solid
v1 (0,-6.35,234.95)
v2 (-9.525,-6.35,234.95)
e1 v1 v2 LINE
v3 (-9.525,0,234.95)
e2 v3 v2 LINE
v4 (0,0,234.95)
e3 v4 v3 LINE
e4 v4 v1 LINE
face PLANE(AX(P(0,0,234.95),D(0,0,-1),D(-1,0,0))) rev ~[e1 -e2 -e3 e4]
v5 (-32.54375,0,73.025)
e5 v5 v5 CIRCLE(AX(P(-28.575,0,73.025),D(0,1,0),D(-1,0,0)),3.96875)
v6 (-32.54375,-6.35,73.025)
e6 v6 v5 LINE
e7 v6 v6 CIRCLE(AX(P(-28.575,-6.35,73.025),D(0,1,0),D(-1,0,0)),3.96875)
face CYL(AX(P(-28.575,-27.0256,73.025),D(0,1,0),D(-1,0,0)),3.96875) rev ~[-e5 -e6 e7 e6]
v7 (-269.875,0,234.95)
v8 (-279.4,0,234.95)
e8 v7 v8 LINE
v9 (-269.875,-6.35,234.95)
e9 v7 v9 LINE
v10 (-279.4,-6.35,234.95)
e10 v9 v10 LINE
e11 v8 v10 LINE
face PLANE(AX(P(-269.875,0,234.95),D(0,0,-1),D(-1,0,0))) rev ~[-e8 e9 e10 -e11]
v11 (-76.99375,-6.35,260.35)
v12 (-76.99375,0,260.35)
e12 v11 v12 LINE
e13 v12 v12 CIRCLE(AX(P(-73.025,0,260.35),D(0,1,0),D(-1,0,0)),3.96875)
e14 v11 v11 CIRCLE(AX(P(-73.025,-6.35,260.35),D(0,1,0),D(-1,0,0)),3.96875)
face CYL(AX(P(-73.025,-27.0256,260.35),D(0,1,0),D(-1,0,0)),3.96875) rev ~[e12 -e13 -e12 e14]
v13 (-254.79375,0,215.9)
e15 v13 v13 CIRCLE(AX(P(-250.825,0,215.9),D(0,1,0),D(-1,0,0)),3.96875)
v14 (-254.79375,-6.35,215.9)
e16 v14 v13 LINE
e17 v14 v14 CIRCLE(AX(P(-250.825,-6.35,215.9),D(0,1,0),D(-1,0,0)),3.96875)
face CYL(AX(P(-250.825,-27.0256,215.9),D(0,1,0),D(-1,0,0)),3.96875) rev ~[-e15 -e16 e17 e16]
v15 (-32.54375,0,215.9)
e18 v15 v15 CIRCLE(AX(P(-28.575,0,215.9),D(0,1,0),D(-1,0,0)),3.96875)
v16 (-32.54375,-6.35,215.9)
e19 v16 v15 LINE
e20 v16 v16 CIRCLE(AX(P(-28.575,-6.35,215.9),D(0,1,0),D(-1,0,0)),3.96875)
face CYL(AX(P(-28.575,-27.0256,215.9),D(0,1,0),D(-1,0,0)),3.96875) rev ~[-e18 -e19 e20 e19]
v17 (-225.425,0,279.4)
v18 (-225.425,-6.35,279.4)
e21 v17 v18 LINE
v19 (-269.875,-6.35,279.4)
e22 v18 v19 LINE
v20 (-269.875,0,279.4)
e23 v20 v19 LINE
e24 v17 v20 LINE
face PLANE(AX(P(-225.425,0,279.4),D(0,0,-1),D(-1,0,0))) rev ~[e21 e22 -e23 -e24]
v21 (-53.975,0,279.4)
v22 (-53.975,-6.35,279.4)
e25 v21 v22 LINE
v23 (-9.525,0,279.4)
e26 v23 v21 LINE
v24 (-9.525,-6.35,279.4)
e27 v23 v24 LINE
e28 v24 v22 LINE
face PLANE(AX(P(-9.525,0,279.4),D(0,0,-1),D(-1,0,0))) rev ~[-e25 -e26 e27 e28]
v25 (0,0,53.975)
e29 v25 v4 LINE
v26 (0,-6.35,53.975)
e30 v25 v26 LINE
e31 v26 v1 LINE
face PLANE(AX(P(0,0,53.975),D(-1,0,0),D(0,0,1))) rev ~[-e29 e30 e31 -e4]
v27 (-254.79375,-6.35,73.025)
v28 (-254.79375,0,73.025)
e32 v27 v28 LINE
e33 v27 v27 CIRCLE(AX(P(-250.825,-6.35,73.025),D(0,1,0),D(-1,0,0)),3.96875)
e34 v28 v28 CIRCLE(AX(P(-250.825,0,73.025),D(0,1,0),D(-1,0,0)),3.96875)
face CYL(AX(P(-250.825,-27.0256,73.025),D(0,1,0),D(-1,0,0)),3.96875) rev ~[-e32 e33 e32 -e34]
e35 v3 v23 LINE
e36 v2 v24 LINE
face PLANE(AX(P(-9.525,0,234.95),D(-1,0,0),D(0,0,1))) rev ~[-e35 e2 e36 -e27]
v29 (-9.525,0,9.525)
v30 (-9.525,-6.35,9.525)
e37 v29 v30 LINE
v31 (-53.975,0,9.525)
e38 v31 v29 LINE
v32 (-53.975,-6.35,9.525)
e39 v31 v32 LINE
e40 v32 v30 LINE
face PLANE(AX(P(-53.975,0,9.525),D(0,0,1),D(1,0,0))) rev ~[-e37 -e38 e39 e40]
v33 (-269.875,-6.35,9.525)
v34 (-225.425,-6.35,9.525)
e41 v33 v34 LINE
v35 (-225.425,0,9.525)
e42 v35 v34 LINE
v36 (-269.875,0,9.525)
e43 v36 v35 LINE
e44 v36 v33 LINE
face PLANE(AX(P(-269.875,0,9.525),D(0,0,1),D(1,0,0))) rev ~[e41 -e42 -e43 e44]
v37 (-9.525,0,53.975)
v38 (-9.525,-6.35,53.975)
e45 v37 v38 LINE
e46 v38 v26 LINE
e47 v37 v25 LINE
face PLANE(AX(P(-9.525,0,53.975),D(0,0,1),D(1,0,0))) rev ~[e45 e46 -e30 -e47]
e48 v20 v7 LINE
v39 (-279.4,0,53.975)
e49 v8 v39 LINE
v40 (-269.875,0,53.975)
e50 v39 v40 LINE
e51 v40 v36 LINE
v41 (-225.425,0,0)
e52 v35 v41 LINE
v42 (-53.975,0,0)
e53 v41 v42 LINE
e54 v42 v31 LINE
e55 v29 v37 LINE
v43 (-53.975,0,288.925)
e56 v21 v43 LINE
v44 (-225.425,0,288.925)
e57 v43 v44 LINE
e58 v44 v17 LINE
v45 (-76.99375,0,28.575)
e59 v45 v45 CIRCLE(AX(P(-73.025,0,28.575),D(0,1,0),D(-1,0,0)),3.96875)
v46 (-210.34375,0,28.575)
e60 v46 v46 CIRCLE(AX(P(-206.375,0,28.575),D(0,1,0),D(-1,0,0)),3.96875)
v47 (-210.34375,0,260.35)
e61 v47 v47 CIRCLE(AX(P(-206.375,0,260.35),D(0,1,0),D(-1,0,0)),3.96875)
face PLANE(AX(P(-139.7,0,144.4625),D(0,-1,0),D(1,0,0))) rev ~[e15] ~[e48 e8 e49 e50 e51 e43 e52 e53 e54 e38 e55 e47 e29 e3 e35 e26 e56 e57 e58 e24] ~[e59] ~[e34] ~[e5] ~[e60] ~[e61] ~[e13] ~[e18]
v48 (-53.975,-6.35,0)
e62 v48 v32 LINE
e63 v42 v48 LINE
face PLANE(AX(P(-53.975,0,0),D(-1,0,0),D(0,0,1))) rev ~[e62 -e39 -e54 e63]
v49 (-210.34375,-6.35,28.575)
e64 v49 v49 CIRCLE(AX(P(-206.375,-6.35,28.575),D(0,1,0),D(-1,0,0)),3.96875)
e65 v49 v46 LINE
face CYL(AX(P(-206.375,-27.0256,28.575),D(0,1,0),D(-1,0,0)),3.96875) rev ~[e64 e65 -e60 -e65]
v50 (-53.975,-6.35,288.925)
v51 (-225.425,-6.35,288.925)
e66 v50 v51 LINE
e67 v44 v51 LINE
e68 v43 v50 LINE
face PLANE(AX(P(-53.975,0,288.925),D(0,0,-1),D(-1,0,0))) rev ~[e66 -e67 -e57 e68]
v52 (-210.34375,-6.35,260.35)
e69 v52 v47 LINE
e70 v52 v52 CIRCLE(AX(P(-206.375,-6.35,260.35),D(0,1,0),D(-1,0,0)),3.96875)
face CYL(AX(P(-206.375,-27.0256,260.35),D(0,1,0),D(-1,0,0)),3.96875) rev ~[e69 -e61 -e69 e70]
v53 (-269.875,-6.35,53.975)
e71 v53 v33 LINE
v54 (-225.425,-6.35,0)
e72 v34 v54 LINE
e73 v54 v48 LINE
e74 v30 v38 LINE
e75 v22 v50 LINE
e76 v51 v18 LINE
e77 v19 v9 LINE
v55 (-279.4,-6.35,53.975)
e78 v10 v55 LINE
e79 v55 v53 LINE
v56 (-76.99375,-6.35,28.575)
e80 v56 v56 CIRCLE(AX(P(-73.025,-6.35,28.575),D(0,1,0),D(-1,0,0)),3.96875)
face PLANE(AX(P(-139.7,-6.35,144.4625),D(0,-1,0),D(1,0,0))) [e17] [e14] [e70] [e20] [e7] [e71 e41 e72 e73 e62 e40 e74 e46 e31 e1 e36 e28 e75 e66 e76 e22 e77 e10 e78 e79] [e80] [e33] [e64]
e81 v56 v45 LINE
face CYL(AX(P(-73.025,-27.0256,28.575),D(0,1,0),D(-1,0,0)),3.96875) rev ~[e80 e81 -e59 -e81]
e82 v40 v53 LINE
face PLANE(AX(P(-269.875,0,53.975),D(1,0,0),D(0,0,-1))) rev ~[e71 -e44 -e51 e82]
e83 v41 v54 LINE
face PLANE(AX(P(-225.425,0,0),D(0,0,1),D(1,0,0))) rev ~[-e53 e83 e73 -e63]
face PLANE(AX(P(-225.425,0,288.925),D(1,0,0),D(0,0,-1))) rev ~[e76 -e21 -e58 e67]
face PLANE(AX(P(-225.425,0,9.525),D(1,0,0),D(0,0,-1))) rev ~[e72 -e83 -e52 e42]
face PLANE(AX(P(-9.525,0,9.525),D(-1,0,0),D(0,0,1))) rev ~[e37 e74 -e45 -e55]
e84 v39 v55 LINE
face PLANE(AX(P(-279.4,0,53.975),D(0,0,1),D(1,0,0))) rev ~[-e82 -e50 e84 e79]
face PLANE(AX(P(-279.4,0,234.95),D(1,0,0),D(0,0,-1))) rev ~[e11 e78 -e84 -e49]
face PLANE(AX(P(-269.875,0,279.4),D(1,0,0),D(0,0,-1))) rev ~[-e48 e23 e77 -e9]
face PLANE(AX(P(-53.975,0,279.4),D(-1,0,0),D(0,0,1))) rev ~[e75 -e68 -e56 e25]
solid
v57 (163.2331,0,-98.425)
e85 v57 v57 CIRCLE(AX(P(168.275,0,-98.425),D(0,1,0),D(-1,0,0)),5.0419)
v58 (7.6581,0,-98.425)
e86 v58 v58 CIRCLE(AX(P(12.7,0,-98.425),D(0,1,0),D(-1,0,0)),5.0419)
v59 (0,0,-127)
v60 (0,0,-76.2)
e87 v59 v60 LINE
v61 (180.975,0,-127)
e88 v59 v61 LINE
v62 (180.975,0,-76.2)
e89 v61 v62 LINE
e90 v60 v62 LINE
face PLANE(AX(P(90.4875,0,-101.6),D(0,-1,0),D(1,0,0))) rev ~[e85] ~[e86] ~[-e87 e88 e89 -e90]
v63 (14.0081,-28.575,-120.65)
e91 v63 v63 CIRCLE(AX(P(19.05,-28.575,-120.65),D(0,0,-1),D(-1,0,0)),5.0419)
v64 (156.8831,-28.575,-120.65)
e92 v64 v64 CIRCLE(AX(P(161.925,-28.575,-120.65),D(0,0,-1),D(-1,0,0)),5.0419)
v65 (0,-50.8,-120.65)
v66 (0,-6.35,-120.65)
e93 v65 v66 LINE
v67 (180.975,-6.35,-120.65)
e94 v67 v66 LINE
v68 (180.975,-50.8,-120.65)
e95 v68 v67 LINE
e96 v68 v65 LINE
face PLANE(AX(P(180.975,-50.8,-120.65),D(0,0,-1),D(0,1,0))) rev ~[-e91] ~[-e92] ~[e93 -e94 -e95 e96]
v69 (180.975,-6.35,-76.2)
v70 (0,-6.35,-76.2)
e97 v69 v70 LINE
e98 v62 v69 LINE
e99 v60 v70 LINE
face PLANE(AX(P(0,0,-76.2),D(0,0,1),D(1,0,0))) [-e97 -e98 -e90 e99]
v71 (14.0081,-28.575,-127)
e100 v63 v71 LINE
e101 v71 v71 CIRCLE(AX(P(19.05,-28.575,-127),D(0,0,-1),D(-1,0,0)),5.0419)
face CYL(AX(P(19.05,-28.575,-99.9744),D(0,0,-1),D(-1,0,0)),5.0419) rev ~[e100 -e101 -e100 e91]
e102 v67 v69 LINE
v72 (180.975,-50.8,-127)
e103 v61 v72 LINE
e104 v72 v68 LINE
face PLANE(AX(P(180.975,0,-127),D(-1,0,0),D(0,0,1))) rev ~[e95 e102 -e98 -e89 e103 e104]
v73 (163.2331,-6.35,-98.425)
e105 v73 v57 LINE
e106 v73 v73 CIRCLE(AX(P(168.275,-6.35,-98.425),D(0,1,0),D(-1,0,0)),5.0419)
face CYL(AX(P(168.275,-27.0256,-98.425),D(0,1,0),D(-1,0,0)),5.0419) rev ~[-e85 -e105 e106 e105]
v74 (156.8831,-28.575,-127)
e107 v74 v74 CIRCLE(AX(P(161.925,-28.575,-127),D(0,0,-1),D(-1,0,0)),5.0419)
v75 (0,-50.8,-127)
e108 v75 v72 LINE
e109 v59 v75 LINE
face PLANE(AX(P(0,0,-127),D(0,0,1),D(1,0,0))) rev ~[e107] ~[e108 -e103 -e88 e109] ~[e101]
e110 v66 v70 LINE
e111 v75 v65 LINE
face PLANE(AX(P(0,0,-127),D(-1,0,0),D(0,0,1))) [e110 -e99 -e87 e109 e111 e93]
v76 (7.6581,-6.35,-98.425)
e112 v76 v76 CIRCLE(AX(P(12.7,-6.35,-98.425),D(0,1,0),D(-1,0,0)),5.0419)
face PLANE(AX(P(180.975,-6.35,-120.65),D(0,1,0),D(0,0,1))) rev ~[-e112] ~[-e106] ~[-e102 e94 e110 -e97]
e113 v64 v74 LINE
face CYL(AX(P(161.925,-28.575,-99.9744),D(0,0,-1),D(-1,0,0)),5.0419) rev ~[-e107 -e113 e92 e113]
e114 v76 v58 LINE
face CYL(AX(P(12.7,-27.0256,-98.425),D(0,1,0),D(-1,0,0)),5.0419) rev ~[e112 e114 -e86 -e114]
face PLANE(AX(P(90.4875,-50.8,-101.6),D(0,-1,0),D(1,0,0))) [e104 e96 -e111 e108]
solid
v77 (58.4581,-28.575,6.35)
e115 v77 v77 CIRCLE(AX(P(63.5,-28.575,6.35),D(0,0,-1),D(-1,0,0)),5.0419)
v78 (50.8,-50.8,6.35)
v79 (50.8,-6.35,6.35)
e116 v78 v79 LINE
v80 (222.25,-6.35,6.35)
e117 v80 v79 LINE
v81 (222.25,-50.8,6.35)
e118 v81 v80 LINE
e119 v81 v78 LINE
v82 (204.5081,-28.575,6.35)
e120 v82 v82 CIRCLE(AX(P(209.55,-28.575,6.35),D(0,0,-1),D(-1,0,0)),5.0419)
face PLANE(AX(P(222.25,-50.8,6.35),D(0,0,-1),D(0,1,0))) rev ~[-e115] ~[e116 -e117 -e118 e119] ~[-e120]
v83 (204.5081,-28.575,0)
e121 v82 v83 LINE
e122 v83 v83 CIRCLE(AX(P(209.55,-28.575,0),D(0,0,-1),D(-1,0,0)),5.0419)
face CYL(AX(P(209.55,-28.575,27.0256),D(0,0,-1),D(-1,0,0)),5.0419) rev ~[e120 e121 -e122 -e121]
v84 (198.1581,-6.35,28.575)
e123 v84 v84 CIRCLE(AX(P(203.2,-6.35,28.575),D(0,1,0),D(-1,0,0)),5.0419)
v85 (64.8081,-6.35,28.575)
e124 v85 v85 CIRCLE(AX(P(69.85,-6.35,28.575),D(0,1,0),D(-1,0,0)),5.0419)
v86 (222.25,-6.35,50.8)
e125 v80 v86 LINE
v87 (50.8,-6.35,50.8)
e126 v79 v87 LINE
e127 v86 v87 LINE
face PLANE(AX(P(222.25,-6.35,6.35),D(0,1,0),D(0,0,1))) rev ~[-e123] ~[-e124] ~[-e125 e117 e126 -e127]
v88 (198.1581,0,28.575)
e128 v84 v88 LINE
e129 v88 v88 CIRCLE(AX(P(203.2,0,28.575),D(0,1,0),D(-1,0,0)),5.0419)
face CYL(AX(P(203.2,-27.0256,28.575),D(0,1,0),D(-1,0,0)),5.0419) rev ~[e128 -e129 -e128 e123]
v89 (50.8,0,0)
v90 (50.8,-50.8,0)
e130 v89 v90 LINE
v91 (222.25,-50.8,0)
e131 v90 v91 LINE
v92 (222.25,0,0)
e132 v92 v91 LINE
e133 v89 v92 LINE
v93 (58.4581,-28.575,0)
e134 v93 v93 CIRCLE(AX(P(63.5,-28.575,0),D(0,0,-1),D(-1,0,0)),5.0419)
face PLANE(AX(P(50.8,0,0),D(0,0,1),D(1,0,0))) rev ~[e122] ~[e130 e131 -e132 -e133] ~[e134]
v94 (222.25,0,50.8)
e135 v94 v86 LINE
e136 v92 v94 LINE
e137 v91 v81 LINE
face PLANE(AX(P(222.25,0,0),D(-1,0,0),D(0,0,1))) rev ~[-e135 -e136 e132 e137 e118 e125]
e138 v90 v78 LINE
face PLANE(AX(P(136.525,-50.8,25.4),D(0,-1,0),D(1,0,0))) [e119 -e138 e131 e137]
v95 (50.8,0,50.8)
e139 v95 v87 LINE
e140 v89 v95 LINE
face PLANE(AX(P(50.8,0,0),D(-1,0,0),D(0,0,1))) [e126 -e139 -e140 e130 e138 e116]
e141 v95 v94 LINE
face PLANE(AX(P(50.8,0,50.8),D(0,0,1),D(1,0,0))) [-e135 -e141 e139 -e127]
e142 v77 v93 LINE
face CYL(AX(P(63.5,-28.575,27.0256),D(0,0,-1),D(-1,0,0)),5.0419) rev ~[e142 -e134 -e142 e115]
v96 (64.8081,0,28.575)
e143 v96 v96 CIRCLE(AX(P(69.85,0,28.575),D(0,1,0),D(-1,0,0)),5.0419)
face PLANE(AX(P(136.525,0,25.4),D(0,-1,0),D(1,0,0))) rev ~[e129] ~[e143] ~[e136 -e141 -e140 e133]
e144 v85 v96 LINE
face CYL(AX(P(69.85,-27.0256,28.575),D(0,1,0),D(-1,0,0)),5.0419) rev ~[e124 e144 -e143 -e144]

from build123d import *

# Parameters (mm, degrees)
F1_DEPTH         = 6.35
F3_D             = 7.9375
F3_DEPTH         = 20.6756
F3_TIP           = 2.3846655818
F4_W             = 171.45
F4_H             = 50.8
F5_DEPTH         = 50.8
F6_W             = 44.45
F6_H             = 44.45
F7_DEPTH         = 171.45
F10_D            = 10.0838
F10_DEPTH        = 20.6756
F10_TIP          = 3.0294791551
F10_ON_F8_D      = 10.0838
F10_ON_F8_DEPTH  = 20.6756
F10_ON_F8_TIP    = 3.0294791551
F11_W            = 180.975
F11_H            = 50.8
F12_DEPTH        = 50.8
F13_W            = 44.45
F13_H            = 44.45
F14_DEPTH        = 180.975
F17_D            = 10.0838
F17_DEPTH        = 20.6756
F17_TIP          = 3.0294791551
F17_ON_F16_D     = 10.0838
F17_ON_F16_DEPTH = 20.6756
F17_ON_F16_TIP   = 3.0294791551


with BuildPart() as f1:
    # F0 (on Front) → F1 (new body)
    with BuildSketch(Plane.XZ):
        Polygon((-225.425, 0), (-53.975, 0), (-53.975, 9.525), (-9.525, 9.525), (-9.525, 53.975), (0, 53.975), (0, 234.95), (-9.525, 234.95), (-9.525, 279.4), (-53.975, 279.4), (-53.975, 288.925), (-225.425, 288.925), (-225.425, 279.4), (-269.875, 279.4), (-269.875, 234.95), (-279.4, 234.95), (-279.4, 53.975), (-269.875, 53.975), (-269.875, 9.525), (-225.425, 9.525), align=None)
    extrude(amount=F1_DEPTH)

    # F3
    with Locations(Plane.XZ.offset(6.35)):
        with Locations((-28.575, 73.025), (-73.025, 28.575), (-250.825, 73.025), (-206.375, 28.575), (-250.825, 215.9), (-206.375, 260.35), (-73.025, 260.35), (-28.575, 215.9)):
            Hole(F3_D / 2, depth=F3_DEPTH)
            with Locations((0, 0, -(F3_DEPTH + F3_TIP / 2))):  # 118° drill point
                Cone(0, F3_D / 2, F3_TIP, mode=Mode.SUBTRACT)


with BuildPart() as f5:
    # F4 (on Front) → F5 (new body)
    with BuildSketch(Plane.XZ):
        with Locations((136.525, 25.4)):
            Rectangle(F4_W, F4_H)
    extrude(amount=F5_DEPTH)

    # F6 (on face) → F7 (cut)
    with BuildSketch(Plane.YZ.offset(222.25)):
        with Locations((-28.575, 28.575)):
            Rectangle(F6_W, F6_H)
    extrude(amount=-F7_DEPTH, mode=Mode.SUBTRACT)

    # F10
    with Locations(Plane.XZ.offset(6.35)):
        with Locations((69.85, 28.575), (203.2, 28.575)):
            Hole(F10_D / 2, depth=F10_DEPTH)
            with Locations((0, 0, -(F10_DEPTH + F10_TIP / 2))):  # 118° drill point
                Cone(0, F10_D / 2, F10_TIP, mode=Mode.SUBTRACT)

    # F10 on F8
    with Locations(Plane.XY.offset(6.35)):
        with Locations((63.5, -28.575), (209.55, -28.575)):
            Hole(F10_ON_F8_D / 2, depth=F10_ON_F8_DEPTH)
            with Locations((0, 0, -(F10_ON_F8_DEPTH + F10_ON_F8_TIP / 2))):  # 118° drill point
                Cone(0, F10_ON_F8_D / 2, F10_ON_F8_TIP, mode=Mode.SUBTRACT)


with BuildPart() as f12:
    # F11 (on Front) → F12 (new body)
    with BuildSketch(Plane.XZ):
        with Locations((90.4875, -101.6)):
            Rectangle(F11_W, F11_H)
    extrude(amount=F12_DEPTH)

    # F13 (on face) → F14 (cut)
    with BuildSketch(Plane.YZ.offset(180.975)):
        with Locations((-28.575, -98.425)):
            Rectangle(F13_W, F13_H)
    extrude(amount=-F14_DEPTH, mode=Mode.SUBTRACT)

    # F17
    with Locations(Plane.XZ.offset(6.35)):
        with Locations((12.7, -98.425), (168.275, -98.425)):
            Hole(F17_D / 2, depth=F17_DEPTH)
            with Locations((0, 0, -(F17_DEPTH + F17_TIP / 2))):  # 118° drill point
                Cone(0, F17_D / 2, F17_TIP, mode=Mode.SUBTRACT)

    # F17 on F16
    with Locations(Plane.XY.offset(-120.65)):
        with Locations((19.05, -28.575), (161.925, -28.575)):
            Hole(F17_ON_F16_D / 2, depth=F17_ON_F16_DEPTH)
            with Locations((0, 0, -(F17_ON_F16_DEPTH + F17_ON_F16_TIP / 2))):  # 118° drill point
                Cone(0, F17_ON_F16_D / 2, F17_ON_F16_TIP, mode=Mode.SUBTRACT)


solid = Compound([f1.part, f5.part, f12.part])
